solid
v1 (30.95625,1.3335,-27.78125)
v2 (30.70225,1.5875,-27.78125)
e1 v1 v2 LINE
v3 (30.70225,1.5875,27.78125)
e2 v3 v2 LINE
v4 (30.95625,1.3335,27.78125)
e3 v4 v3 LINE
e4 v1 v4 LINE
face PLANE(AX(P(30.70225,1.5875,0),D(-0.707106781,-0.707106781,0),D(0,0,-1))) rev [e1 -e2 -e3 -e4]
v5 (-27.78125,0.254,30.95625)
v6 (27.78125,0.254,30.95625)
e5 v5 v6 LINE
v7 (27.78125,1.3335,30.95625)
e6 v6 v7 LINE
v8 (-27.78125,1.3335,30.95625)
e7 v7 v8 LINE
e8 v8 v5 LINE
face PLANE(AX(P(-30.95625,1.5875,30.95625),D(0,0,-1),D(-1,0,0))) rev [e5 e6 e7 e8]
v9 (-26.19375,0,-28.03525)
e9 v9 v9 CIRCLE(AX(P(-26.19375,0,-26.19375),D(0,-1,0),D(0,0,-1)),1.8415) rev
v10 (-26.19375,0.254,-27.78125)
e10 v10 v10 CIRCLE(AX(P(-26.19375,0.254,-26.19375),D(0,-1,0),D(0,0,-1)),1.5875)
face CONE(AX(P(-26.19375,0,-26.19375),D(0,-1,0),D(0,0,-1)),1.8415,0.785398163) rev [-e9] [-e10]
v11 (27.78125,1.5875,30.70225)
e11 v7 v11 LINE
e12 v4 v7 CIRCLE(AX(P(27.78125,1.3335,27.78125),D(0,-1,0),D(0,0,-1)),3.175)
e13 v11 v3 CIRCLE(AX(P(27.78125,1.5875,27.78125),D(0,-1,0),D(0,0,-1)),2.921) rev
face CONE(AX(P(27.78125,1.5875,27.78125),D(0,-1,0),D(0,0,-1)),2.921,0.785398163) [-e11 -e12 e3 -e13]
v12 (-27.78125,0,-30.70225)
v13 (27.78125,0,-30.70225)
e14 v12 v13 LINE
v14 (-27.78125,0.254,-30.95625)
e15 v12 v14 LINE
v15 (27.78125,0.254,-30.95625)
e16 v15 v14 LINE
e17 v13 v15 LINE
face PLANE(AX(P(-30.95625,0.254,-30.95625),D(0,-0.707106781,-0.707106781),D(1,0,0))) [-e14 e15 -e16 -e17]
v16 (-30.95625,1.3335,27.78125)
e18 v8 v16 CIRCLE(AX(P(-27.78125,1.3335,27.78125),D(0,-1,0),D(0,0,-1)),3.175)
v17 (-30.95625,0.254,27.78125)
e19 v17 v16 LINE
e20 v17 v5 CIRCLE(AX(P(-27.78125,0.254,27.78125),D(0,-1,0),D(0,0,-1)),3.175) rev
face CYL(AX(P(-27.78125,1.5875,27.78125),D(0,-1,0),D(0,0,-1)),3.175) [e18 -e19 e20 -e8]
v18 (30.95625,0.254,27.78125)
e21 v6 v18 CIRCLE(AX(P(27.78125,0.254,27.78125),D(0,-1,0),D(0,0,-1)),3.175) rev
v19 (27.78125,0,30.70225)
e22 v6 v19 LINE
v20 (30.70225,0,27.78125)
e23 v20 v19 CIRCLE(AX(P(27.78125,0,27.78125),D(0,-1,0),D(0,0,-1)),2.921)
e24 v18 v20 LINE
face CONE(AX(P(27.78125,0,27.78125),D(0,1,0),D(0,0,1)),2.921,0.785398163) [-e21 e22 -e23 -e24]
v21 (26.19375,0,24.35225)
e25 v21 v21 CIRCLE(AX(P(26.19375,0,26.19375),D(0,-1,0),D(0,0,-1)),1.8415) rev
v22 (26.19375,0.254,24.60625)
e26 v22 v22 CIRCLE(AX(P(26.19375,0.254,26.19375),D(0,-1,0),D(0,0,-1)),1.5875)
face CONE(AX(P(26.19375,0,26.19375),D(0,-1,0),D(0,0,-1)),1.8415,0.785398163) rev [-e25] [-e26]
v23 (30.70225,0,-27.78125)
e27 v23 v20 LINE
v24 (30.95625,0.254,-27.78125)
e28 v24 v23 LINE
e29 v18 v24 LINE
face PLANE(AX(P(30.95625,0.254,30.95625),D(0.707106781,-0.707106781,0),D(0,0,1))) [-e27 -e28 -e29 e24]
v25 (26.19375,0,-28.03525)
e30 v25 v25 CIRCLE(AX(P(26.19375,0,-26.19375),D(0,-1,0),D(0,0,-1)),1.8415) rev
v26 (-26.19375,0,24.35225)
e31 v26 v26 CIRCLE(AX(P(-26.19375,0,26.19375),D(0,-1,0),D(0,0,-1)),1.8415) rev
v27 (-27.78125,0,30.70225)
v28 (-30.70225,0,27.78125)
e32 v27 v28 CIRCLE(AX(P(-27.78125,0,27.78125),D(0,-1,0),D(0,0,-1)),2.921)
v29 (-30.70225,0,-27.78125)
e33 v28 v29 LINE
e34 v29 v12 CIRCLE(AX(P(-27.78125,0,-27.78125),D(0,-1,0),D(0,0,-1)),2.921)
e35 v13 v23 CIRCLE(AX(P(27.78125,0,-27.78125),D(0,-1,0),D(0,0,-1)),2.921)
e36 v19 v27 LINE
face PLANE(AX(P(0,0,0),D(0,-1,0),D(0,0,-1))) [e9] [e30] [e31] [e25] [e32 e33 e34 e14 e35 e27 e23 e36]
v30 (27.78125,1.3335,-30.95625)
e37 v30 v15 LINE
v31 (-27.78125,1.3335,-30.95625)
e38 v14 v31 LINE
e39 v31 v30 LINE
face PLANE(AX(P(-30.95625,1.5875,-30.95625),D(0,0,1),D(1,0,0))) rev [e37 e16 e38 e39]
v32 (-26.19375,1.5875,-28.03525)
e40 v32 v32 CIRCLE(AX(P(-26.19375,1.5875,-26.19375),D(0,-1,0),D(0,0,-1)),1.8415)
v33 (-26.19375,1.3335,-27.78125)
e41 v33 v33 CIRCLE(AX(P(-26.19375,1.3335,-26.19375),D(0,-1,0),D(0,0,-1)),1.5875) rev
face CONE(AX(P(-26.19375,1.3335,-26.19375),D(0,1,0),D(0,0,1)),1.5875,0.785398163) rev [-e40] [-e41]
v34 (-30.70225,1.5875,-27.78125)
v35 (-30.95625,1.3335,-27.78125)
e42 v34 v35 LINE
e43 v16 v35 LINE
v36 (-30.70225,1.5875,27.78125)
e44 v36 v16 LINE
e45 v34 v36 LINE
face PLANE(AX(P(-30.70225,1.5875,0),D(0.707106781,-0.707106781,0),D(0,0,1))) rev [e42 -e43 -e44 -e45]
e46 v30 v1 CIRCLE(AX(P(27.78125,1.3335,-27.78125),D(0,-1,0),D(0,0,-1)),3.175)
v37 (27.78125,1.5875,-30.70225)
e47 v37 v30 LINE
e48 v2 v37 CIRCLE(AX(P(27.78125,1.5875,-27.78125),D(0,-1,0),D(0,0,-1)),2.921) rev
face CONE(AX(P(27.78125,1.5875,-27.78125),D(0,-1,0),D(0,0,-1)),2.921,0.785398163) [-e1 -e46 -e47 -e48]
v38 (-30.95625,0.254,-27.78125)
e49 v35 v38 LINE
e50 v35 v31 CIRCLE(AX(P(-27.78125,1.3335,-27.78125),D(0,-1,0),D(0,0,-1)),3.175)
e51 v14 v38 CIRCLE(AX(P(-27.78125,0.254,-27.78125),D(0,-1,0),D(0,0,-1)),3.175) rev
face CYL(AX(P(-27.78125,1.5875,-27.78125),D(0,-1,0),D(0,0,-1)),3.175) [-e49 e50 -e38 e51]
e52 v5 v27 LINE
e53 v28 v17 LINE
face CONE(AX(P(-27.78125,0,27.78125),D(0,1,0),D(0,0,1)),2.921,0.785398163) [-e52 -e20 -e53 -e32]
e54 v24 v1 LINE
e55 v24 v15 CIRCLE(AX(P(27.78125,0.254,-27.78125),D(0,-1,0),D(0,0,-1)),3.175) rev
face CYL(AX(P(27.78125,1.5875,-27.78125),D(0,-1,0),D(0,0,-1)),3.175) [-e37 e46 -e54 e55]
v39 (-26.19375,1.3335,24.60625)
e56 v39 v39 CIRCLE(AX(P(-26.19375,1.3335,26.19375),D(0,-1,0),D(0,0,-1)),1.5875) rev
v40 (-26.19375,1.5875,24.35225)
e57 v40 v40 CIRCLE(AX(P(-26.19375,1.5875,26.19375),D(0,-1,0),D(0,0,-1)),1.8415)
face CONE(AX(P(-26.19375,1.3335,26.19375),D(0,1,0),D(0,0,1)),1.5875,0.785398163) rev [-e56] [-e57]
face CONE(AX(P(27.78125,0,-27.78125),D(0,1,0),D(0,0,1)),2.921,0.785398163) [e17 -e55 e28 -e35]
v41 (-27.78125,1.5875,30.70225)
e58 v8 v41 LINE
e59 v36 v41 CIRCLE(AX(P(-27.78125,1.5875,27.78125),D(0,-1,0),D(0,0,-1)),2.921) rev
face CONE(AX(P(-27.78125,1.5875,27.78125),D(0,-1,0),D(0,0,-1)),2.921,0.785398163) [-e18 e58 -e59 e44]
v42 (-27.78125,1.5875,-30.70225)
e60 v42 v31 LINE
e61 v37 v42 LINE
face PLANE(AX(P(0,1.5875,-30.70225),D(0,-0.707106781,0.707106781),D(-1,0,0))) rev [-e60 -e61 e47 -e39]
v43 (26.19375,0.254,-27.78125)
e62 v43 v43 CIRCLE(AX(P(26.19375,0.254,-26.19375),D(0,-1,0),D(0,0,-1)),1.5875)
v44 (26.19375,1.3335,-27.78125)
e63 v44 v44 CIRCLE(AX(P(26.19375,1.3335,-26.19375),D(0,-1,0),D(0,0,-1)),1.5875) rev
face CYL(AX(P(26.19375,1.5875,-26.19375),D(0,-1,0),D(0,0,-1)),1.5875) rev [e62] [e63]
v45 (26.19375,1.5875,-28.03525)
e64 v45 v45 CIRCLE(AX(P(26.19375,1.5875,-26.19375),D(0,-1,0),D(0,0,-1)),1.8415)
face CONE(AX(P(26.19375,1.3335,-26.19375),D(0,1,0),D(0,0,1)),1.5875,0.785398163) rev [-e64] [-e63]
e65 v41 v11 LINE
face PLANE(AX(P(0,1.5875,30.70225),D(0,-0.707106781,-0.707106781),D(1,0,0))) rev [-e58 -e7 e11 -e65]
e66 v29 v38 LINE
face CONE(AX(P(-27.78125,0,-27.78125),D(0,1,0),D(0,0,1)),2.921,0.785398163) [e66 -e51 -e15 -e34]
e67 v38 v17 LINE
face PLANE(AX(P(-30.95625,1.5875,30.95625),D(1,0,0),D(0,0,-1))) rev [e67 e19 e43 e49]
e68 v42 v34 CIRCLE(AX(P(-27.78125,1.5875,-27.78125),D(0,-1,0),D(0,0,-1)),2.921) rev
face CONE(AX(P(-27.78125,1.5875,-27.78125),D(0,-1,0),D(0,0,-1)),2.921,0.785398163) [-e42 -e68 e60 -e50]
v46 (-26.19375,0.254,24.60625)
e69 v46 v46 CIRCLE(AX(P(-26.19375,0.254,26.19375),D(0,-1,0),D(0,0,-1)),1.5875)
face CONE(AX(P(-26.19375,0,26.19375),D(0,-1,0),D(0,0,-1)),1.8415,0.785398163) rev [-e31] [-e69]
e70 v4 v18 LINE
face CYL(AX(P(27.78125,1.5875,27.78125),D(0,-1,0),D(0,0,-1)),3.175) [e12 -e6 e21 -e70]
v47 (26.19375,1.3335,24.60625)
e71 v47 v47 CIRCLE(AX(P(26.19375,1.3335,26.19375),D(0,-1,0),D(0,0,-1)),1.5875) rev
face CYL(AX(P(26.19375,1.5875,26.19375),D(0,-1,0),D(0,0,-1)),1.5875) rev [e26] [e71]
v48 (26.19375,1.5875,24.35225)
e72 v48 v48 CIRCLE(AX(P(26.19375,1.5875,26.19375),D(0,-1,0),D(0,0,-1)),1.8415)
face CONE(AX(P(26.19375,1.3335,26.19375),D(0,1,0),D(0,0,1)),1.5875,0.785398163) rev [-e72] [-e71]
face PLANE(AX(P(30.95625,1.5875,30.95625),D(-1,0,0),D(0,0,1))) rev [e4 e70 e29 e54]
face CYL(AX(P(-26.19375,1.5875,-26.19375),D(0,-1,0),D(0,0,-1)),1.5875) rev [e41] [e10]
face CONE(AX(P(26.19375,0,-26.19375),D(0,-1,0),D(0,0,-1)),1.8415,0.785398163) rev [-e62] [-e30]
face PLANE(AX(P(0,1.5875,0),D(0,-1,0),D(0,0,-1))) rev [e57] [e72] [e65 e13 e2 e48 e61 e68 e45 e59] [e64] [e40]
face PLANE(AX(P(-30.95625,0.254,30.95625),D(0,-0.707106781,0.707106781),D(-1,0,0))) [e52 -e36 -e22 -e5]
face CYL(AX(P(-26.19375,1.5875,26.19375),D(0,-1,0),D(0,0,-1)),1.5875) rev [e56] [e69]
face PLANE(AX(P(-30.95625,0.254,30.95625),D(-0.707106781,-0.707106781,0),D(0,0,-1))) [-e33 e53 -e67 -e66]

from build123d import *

# Parameters (mm, degrees)
SKETCH2_W           = 61.9125
SKETCH2_H           = 61.9125
SKETCH2_R           = 1.5875
BOSS_EXTRUDE1_DEPTH = 1.5875
FILLET1_R           = 3.175
CHAMFER1_SIZE       = 0.254


with BuildPart() as part:
    # Sketch2 → Boss-Extrude1 (new body)
    with BuildSketch(Plane(origin=(0, 0, 0), x_dir=(1, 0, 0), z_dir=(0, 1, 0))):
        Rectangle(SKETCH2_W, SKETCH2_H)
        with Locations(Location((-26.19375, 26.19375, 0), (0, 0, 270))):
            Circle(SKETCH2_R, mode=Mode.SUBTRACT)
        with Locations(Location((26.19375, 26.19375, 0), (0, 0, 270))):
            Circle(SKETCH2_R, mode=Mode.SUBTRACT)
        with Locations(Location((26.19375, -26.19375, 0), (0, 0, 270))):
            Circle(SKETCH2_R, mode=Mode.SUBTRACT)
        with Locations(Location((-26.19375, -26.19375, 0), (0, 0, 270))):
            Circle(SKETCH2_R, mode=Mode.SUBTRACT)
    extrude(amount=BOSS_EXTRUDE1_DEPTH)

    # Fillet1
    fillet1_edges = [part.edges().sort_by_distance(p)[0] for p in [
        (30.95625, 0.79375, 30.95625),
        (-30.95625, 0.79375, 30.95625),
        (-30.95625, 0.79375, -30.95625),
        (30.95625, 0.79375, -30.95625),
    ]]
    fillet(fillet1_edges, radius=FILLET1_R)

    # Chamfer1
    chamfer1_edges = [part.edges().sort_by_distance(p)[0] for p in [
        (-26.19375, 0, -27.78125),
        (-26.19375, 1.5875, -27.78125),
        (26.19375, 0, -27.78125),
        (26.19375, 1.5875, -27.78125),
        (26.19375, 0, 24.60625),
        (26.19375, 1.5875, 24.60625),
        (-26.19375, 0, 24.60625),
        (-26.19375, 1.5875, 24.60625),
        (30.95625, 0, 0),
        (30.95625, 1.5875, 0),
        (0, 0, 30.95625),
        (-30.95625, 0, 0),
        (0, 0, -30.95625),
        (-30.02631403, 0, 30.02631403),
        (30.02631403, 0, -30.02631403),
        (-30.02631403, 0, -30.02631403),
        (30.02631403, 0, 30.02631403),
        (0, 1.5875, 30.95625),
        (0, 1.5875, -30.95625),
        (-30.95625, 1.5875, 0),
        (-30.02631403, 1.5875, 30.02631403),
        (30.02631403, 1.5875, -30.02631403),
        (-30.02631403, 1.5875, -30.02631403),
        (30.02631403, 1.5875, 30.02631403),
    ]]
    chamfer(chamfer1_edges, length=CHAMFER1_SIZE)


solid = part.part
